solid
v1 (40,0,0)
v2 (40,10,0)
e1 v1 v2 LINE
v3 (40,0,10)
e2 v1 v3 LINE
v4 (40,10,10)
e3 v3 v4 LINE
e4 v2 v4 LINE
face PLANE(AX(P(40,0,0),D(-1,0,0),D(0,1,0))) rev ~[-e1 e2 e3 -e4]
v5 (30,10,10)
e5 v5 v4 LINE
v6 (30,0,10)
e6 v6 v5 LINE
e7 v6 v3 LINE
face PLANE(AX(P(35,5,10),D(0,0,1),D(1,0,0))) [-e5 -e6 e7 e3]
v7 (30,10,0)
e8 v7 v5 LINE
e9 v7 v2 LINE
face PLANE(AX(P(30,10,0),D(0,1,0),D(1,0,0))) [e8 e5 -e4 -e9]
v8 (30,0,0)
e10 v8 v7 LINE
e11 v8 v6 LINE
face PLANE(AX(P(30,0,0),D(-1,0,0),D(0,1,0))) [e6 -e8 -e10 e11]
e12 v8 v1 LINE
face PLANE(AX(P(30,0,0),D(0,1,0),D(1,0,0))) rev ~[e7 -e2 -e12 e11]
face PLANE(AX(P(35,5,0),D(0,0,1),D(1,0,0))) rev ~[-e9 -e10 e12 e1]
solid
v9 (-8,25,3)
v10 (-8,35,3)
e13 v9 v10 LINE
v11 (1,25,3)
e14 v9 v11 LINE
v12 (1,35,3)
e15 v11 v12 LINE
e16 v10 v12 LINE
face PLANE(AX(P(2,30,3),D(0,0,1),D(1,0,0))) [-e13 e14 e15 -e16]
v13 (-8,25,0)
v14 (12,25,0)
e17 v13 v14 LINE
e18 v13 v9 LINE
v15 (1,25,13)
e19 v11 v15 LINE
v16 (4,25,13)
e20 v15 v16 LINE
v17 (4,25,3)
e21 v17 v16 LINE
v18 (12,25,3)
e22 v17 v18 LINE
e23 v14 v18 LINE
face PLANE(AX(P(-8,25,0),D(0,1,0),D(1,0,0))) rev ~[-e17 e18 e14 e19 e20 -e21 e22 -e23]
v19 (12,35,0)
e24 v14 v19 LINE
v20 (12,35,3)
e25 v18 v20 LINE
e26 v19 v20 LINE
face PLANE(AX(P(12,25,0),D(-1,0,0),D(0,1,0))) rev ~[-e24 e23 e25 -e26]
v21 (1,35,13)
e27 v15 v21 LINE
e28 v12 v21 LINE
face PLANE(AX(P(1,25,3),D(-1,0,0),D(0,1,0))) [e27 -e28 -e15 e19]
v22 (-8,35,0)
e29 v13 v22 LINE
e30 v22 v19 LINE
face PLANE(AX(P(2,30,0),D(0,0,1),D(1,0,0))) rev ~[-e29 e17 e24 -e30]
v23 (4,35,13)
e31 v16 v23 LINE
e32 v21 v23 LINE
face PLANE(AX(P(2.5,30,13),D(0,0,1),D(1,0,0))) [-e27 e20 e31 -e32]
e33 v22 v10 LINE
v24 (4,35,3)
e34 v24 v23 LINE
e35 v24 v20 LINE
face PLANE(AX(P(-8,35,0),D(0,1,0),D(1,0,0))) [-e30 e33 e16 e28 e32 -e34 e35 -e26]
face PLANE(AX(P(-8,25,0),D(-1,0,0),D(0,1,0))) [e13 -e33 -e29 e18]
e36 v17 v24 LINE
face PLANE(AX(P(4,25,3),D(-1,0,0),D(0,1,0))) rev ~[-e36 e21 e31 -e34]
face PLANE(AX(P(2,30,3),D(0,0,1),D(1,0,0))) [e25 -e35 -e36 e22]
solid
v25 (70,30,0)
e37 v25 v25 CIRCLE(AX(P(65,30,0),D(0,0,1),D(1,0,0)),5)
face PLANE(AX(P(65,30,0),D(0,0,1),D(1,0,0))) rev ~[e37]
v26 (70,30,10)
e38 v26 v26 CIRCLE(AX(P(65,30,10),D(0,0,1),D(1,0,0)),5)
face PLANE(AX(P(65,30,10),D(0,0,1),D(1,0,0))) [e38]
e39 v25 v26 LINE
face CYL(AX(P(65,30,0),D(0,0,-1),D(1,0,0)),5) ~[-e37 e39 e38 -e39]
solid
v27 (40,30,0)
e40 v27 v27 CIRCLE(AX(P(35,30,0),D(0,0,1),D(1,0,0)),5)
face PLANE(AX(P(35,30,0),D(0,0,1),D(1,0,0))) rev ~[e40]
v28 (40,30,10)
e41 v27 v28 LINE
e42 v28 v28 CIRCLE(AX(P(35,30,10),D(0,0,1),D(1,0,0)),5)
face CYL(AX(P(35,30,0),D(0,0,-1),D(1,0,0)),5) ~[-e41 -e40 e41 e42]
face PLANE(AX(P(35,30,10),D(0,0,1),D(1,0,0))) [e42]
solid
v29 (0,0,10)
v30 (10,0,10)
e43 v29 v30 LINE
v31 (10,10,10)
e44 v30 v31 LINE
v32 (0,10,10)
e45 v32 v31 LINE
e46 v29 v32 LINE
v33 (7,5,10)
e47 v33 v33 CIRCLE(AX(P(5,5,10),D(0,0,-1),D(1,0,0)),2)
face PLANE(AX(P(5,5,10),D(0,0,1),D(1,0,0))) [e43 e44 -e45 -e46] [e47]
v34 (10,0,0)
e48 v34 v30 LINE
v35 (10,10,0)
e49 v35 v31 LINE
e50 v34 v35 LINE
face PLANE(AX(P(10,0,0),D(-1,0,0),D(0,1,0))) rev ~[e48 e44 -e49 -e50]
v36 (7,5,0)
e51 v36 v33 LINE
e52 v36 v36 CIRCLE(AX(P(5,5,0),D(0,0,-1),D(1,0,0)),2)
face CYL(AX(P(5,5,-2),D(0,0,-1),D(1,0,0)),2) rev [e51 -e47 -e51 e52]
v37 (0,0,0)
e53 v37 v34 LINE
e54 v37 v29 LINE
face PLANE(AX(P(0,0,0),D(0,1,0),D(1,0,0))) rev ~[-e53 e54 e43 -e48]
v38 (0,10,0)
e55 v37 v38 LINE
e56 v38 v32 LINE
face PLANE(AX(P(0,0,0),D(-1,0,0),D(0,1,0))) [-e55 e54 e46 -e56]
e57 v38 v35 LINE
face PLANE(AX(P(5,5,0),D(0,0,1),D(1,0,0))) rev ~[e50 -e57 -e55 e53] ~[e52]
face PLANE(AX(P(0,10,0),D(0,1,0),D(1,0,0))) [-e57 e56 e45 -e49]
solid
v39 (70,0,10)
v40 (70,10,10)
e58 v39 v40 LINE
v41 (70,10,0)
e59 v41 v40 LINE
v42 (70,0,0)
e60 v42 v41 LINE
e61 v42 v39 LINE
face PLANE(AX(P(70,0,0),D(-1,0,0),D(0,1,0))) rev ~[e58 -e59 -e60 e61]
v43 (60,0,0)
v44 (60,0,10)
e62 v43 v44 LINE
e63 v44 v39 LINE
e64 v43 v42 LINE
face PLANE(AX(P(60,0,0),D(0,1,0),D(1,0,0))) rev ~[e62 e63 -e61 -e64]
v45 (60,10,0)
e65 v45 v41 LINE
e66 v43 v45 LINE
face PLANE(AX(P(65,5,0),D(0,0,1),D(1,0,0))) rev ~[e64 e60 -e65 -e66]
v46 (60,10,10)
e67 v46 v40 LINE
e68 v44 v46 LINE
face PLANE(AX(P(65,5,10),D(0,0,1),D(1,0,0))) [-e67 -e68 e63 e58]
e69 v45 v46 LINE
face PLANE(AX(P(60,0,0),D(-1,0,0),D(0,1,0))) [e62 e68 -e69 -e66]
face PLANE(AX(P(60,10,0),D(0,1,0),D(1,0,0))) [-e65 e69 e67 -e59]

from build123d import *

# Parameters (mm, degrees)
BOX_W             = 10
BOX_H             = 10
BOX_DEPTH         = 10
BOX002_W          = 10
BOX002_H          = 10
BOX002_DEPTH      = 10
CYLINDER_R        = 2
CYLINDER_DEPTH    = 20
BOX001_W          = 10
BOX001_H          = 10
BOX001_DEPTH      = 10
CYLINDER001_R     = 5
CYLINDER001_DEPTH = 10
CYLINDER002_R     = 5
CYLINDER002_DEPTH = 10
BOX004_W          = 3
BOX004_H          = 10
BOX004_DEPTH      = 10
BOX003_W          = 20
BOX003_H          = 10
BOX003_DEPTH      = 3


with BuildPart() as box:
    # Box → Box (new body)
    with BuildSketch(Plane(origin=(60, 0, 0), x_dir=(1, 0, 0), z_dir=(0, 0, 1))):
        with Locations((5, 5)):
            Rectangle(BOX_W, BOX_H)
    extrude(amount=BOX_DEPTH)


with BuildPart() as box002:
    # Box002 → Box002 (new body)
    with BuildSketch(Plane(origin=(30, 0, 0), x_dir=(1, 0, 0), z_dir=(0, 0, 1))):
        with Locations((5, 5)):
            Rectangle(BOX002_W, BOX002_H)
    extrude(amount=BOX002_DEPTH)


with BuildPart() as cylinder:
    # Cylinder → Cylinder (new body)
    with BuildSketch(Plane(origin=(5, 5, -2), x_dir=(1, 0, 0), z_dir=(0, 0, 1))):
        Circle(CYLINDER_R)
    extrude(amount=CYLINDER_DEPTH)


with BuildPart() as cut:
    # Box001 → Box001 (new body)
    with BuildSketch(Plane.XY):
        with Locations((5, 5)):
            Rectangle(BOX001_W, BOX001_H)
    extrude(amount=BOX001_DEPTH)

    # Cut: cut Cylinder
    add(cylinder.part, mode=Mode.SUBTRACT)


with BuildPart() as cylinder001:
    # Cylinder001 → Cylinder001 (new body)
    with BuildSketch(Plane(origin=(65, 30, 0), x_dir=(1, 0, 0), z_dir=(0, 0, 1))):
        Circle(CYLINDER001_R)
    extrude(amount=CYLINDER001_DEPTH)


with BuildPart() as cylinder002:
    # Cylinder002 → Cylinder002 (new body)
    with BuildSketch(Plane(origin=(35, 30, 0), x_dir=(1, 0, 0), z_dir=(0, 0, 1))):
        Circle(CYLINDER002_R)
    extrude(amount=CYLINDER002_DEPTH)


with BuildPart() as box004:
    # Box004 → Box004 (new body)
    with BuildSketch(Plane(origin=(1, 25, 3), x_dir=(1, 0, 0), z_dir=(0, 0, 1))):
        with Locations((1.5, 5)):
            Rectangle(BOX004_W, BOX004_H)
    extrude(amount=BOX004_DEPTH)


with BuildPart() as fusion:
    # Box003 → Box003 (new body)
    with BuildSketch(Plane(origin=(-8, 25, 0), x_dir=(1, 0, 0), z_dir=(0, 0, 1))):
        with Locations((10, 5)):
            Rectangle(BOX003_W, BOX003_H)
    extrude(amount=BOX003_DEPTH)

    # Fusion: union Box004
    add(box004.part)


solid = Compound([box.part, box002.part, cut.part, cylinder001.part, cylinder002.part, fusion.part])
